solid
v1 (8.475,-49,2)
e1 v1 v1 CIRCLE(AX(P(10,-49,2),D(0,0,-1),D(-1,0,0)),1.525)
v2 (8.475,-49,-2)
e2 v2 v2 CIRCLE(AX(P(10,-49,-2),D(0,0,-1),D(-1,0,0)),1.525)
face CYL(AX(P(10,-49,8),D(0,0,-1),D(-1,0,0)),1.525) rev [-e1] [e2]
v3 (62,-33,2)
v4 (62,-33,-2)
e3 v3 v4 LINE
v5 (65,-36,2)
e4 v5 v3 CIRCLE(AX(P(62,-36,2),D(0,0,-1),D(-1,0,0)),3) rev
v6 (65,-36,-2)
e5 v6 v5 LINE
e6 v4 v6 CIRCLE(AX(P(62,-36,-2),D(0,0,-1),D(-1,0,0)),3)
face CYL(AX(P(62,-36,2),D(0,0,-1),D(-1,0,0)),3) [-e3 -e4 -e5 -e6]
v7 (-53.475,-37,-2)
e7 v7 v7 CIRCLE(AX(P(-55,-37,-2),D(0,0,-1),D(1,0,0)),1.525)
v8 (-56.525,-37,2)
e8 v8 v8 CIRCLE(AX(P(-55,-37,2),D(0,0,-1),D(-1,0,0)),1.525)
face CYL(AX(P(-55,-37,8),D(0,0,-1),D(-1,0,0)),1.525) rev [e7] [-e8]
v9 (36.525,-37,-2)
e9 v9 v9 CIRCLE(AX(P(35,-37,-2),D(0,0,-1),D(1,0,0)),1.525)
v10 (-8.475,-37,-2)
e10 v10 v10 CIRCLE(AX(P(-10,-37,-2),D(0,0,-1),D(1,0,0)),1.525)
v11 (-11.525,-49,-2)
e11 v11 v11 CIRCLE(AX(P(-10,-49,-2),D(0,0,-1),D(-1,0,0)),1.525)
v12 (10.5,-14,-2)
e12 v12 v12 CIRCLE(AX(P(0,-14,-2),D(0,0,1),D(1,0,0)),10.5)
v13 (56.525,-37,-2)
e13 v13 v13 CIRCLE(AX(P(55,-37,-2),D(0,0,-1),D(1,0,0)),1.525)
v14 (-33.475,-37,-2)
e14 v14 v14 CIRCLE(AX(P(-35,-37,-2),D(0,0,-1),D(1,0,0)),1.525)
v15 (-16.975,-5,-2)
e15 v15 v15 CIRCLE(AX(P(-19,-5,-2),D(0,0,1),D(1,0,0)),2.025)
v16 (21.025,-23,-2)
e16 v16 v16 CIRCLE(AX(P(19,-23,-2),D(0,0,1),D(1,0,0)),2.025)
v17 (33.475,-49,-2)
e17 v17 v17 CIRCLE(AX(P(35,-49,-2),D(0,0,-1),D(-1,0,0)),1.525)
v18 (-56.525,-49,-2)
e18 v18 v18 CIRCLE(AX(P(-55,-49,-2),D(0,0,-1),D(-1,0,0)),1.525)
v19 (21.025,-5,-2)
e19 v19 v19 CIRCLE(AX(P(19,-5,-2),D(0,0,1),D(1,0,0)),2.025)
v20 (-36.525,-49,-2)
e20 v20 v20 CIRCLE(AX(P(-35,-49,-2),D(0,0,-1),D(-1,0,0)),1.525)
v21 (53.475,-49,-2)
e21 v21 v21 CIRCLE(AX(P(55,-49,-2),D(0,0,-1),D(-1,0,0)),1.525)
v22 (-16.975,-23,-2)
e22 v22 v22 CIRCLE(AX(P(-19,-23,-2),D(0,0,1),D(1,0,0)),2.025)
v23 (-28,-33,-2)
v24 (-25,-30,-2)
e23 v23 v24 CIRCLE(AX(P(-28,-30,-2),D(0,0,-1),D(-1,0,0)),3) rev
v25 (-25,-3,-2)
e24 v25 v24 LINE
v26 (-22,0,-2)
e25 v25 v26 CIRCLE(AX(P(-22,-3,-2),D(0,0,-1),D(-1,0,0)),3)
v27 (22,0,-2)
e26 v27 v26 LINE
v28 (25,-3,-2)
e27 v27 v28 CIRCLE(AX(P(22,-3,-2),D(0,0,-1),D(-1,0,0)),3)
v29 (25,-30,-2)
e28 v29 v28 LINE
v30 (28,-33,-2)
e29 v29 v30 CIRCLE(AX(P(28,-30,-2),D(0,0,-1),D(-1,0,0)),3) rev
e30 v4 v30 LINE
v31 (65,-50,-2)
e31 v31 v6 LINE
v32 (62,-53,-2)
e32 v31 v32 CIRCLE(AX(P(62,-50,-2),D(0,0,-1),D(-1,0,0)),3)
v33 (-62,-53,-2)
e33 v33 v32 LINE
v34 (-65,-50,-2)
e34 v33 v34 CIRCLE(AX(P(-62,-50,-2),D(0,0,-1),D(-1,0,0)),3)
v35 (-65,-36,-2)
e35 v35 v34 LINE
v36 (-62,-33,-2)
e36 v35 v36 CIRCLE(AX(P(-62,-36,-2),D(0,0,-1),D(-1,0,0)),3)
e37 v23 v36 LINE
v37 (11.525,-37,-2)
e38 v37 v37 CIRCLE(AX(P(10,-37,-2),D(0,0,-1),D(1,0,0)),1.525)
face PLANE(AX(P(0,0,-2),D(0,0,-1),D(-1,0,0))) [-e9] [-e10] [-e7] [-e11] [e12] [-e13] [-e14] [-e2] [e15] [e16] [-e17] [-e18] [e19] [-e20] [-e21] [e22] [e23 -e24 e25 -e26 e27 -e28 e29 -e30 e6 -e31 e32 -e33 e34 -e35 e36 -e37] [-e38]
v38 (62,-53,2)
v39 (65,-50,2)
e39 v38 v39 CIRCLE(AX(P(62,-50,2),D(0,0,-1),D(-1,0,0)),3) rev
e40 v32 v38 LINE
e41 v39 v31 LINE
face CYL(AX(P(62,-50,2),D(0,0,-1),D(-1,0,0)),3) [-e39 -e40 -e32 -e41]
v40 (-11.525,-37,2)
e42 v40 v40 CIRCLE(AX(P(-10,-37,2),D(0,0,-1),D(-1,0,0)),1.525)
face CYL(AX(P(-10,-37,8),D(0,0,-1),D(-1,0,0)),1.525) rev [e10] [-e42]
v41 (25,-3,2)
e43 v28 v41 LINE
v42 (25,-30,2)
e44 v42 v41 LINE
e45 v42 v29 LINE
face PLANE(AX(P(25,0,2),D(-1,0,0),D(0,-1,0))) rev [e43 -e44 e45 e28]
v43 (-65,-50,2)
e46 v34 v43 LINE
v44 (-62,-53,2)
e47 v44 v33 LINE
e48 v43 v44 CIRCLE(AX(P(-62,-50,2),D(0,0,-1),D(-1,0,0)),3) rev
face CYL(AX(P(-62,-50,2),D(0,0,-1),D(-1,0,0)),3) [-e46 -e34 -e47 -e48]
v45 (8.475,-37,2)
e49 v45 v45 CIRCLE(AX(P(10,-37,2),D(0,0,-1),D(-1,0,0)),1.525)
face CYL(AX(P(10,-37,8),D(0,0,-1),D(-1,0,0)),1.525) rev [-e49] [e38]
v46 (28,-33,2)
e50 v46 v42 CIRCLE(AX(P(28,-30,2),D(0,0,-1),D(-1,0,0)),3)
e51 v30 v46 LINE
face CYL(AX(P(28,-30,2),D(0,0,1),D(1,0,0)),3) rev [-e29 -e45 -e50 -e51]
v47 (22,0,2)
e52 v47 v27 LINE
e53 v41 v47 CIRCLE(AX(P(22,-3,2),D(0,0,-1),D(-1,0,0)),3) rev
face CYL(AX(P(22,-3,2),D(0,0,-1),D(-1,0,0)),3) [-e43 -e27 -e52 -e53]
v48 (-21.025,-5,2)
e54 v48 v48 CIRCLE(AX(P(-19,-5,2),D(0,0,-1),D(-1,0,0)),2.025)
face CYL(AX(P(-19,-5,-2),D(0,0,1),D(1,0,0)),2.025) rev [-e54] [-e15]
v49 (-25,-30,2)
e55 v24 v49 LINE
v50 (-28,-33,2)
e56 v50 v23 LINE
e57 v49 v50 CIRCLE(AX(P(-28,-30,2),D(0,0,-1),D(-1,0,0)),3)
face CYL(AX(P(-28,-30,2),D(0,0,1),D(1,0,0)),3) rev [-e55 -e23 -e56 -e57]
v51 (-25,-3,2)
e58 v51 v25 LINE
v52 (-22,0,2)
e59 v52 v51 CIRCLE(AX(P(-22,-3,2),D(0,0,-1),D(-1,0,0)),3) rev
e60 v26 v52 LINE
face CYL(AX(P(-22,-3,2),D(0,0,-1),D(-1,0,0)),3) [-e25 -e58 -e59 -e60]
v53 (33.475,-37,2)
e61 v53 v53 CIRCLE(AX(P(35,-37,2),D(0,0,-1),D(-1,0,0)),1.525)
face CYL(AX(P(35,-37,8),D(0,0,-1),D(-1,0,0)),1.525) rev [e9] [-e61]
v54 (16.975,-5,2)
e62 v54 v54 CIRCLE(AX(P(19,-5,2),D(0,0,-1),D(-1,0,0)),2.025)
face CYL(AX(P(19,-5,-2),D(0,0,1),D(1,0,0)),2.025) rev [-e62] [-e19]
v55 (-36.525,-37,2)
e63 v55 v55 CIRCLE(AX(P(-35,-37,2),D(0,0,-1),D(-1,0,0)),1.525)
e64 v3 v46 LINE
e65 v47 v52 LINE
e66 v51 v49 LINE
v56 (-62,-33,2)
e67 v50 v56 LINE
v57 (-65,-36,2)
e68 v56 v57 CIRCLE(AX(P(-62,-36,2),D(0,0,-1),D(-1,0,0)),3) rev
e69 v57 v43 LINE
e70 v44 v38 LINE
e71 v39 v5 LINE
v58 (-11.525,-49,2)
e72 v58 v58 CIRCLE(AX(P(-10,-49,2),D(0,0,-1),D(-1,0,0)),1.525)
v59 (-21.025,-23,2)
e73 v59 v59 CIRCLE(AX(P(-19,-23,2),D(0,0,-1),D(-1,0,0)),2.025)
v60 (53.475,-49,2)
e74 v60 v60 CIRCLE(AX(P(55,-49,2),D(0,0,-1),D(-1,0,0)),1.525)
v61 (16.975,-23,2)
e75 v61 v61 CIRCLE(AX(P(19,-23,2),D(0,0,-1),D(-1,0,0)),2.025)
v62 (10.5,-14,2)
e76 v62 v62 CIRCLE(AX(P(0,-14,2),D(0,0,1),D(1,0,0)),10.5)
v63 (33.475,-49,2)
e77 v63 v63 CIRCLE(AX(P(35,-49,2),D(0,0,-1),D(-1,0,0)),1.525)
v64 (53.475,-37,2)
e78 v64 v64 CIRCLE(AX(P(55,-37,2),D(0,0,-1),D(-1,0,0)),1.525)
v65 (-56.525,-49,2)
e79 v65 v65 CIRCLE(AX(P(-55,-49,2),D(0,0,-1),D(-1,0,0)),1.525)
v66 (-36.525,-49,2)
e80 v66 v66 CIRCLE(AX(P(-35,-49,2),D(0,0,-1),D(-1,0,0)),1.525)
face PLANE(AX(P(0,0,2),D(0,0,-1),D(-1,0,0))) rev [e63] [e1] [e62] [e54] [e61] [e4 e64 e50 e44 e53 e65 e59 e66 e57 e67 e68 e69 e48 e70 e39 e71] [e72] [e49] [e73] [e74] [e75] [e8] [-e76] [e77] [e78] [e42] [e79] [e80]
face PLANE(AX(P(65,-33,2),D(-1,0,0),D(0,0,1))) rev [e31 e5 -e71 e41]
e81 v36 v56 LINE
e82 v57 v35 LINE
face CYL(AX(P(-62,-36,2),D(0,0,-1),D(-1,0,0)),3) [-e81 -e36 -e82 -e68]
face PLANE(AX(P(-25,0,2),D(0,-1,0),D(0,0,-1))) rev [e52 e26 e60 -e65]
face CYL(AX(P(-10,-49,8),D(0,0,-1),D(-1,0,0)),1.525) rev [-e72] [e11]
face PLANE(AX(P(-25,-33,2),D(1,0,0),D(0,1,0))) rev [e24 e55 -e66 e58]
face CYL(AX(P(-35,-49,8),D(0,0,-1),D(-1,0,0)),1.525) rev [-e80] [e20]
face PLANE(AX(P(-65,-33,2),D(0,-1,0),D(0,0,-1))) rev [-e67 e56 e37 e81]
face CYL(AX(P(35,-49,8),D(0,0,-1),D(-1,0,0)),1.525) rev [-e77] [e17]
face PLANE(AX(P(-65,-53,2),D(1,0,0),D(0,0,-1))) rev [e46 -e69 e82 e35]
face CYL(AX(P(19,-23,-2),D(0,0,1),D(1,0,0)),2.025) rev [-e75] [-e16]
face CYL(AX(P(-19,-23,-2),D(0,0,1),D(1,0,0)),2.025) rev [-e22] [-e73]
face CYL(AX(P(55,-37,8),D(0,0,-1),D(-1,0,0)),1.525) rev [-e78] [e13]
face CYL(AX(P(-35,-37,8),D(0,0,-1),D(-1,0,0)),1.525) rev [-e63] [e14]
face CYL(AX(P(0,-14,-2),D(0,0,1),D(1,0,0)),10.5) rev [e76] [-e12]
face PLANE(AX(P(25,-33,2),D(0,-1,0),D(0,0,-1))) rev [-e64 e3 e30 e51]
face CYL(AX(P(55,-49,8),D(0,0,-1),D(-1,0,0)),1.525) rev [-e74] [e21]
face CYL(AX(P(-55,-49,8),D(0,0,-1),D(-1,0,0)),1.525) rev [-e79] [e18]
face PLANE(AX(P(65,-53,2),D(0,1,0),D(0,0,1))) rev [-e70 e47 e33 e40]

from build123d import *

# Parameters (mm, degrees)
EXTRUDE_1_DEPTH          = 2
FILLET_1_R               = 3
SKETCH_2_R               = 2.025
CUT_EXTRUDE_1_DEPTH      = 1
CUT_EXTRUDE_1_DEPTH_BACK = 5
SKETCH_3_R               = 1.525
CUT_EXTRUDE_2_DEPTH      = 10
SKETCH_4_R               = 10.5
CUT_EXTRUDE_3_DEPTH      = 5


with BuildPart() as part:
    # 草图1 → 凸台-拉伸1 (new body, symmetric)
    with BuildSketch(Plane.XY):
        Polygon((-25, 0), (25, 0), (25, -33), (65, -33), (65, -53), (-65, -53), (-65, -33), (-25, -33), align=None)
    extrude(amount=EXTRUDE_1_DEPTH, both=True)

    # 圆角1
    fillet_1_edges = [part.edges().sort_by_distance(p)[0] for p in [
        (-25, 0, 0),
        (25, 0, 0),
        (25, -33, 0),
        (65, -33, 0),
        (65, -53, 0),
        (-65, -53, 0),
        (-65, -33, 0),
        (-25, -33, 0),
    ]]
    fillet(fillet_1_edges, radius=FILLET_1_R)

    # 草图2 → 切除-拉伸1 (cut, two sides)
    with BuildSketch(Plane.XY.offset(2)) as cut_extrude_1_sk:
        with Locations((-19, -5)):
            Circle(SKETCH_2_R)
        with Locations((-19, -23)):
            Circle(SKETCH_2_R)
        with Locations((19, -5)):
            Circle(SKETCH_2_R)
        with Locations((19, -23)):
            Circle(SKETCH_2_R)
    extrude(amount=CUT_EXTRUDE_1_DEPTH, mode=Mode.SUBTRACT)
    extrude(cut_extrude_1_sk.sketch, amount=-CUT_EXTRUDE_1_DEPTH_BACK, mode=Mode.SUBTRACT)

    # 草图3 → 切除-拉伸2 (cut)
    with BuildSketch(Plane(origin=(0, 0, -2), x_dir=(-1, 0, 0), z_dir=(0, 0, -1))):
        with Locations((-55, -49)):
            Circle(SKETCH_3_R)
        with Locations((-35, -49)):
            Circle(SKETCH_3_R)
        with Locations((-10, -49)):
            Circle(SKETCH_3_R)
        with Locations((10, -49)):
            Circle(SKETCH_3_R)
        with Locations((35, -49)):
            Circle(SKETCH_3_R)
        with Locations((55, -49)):
            Circle(SKETCH_3_R)
        with Locations((55, -37)):
            Circle(SKETCH_3_R)
        with Locations((35, -37)):
            Circle(SKETCH_3_R)
        with Locations((10, -37)):
            Circle(SKETCH_3_R)
        with Locations((-10, -37)):
            Circle(SKETCH_3_R)
        with Locations((-35, -37)):
            Circle(SKETCH_3_R)
        with Locations((-55, -37)):
            Circle(SKETCH_3_R)
    extrude(amount=-CUT_EXTRUDE_2_DEPTH, mode=Mode.SUBTRACT)

    # 草图4 → 切除-拉伸3 (cut, through all)
    with BuildSketch(Plane.XY.offset(2)):
        with Locations((0, -14)):
            Circle(SKETCH_4_R)
    extrude(amount=-CUT_EXTRUDE_3_DEPTH, mode=Mode.SUBTRACT)


solid = part.part
